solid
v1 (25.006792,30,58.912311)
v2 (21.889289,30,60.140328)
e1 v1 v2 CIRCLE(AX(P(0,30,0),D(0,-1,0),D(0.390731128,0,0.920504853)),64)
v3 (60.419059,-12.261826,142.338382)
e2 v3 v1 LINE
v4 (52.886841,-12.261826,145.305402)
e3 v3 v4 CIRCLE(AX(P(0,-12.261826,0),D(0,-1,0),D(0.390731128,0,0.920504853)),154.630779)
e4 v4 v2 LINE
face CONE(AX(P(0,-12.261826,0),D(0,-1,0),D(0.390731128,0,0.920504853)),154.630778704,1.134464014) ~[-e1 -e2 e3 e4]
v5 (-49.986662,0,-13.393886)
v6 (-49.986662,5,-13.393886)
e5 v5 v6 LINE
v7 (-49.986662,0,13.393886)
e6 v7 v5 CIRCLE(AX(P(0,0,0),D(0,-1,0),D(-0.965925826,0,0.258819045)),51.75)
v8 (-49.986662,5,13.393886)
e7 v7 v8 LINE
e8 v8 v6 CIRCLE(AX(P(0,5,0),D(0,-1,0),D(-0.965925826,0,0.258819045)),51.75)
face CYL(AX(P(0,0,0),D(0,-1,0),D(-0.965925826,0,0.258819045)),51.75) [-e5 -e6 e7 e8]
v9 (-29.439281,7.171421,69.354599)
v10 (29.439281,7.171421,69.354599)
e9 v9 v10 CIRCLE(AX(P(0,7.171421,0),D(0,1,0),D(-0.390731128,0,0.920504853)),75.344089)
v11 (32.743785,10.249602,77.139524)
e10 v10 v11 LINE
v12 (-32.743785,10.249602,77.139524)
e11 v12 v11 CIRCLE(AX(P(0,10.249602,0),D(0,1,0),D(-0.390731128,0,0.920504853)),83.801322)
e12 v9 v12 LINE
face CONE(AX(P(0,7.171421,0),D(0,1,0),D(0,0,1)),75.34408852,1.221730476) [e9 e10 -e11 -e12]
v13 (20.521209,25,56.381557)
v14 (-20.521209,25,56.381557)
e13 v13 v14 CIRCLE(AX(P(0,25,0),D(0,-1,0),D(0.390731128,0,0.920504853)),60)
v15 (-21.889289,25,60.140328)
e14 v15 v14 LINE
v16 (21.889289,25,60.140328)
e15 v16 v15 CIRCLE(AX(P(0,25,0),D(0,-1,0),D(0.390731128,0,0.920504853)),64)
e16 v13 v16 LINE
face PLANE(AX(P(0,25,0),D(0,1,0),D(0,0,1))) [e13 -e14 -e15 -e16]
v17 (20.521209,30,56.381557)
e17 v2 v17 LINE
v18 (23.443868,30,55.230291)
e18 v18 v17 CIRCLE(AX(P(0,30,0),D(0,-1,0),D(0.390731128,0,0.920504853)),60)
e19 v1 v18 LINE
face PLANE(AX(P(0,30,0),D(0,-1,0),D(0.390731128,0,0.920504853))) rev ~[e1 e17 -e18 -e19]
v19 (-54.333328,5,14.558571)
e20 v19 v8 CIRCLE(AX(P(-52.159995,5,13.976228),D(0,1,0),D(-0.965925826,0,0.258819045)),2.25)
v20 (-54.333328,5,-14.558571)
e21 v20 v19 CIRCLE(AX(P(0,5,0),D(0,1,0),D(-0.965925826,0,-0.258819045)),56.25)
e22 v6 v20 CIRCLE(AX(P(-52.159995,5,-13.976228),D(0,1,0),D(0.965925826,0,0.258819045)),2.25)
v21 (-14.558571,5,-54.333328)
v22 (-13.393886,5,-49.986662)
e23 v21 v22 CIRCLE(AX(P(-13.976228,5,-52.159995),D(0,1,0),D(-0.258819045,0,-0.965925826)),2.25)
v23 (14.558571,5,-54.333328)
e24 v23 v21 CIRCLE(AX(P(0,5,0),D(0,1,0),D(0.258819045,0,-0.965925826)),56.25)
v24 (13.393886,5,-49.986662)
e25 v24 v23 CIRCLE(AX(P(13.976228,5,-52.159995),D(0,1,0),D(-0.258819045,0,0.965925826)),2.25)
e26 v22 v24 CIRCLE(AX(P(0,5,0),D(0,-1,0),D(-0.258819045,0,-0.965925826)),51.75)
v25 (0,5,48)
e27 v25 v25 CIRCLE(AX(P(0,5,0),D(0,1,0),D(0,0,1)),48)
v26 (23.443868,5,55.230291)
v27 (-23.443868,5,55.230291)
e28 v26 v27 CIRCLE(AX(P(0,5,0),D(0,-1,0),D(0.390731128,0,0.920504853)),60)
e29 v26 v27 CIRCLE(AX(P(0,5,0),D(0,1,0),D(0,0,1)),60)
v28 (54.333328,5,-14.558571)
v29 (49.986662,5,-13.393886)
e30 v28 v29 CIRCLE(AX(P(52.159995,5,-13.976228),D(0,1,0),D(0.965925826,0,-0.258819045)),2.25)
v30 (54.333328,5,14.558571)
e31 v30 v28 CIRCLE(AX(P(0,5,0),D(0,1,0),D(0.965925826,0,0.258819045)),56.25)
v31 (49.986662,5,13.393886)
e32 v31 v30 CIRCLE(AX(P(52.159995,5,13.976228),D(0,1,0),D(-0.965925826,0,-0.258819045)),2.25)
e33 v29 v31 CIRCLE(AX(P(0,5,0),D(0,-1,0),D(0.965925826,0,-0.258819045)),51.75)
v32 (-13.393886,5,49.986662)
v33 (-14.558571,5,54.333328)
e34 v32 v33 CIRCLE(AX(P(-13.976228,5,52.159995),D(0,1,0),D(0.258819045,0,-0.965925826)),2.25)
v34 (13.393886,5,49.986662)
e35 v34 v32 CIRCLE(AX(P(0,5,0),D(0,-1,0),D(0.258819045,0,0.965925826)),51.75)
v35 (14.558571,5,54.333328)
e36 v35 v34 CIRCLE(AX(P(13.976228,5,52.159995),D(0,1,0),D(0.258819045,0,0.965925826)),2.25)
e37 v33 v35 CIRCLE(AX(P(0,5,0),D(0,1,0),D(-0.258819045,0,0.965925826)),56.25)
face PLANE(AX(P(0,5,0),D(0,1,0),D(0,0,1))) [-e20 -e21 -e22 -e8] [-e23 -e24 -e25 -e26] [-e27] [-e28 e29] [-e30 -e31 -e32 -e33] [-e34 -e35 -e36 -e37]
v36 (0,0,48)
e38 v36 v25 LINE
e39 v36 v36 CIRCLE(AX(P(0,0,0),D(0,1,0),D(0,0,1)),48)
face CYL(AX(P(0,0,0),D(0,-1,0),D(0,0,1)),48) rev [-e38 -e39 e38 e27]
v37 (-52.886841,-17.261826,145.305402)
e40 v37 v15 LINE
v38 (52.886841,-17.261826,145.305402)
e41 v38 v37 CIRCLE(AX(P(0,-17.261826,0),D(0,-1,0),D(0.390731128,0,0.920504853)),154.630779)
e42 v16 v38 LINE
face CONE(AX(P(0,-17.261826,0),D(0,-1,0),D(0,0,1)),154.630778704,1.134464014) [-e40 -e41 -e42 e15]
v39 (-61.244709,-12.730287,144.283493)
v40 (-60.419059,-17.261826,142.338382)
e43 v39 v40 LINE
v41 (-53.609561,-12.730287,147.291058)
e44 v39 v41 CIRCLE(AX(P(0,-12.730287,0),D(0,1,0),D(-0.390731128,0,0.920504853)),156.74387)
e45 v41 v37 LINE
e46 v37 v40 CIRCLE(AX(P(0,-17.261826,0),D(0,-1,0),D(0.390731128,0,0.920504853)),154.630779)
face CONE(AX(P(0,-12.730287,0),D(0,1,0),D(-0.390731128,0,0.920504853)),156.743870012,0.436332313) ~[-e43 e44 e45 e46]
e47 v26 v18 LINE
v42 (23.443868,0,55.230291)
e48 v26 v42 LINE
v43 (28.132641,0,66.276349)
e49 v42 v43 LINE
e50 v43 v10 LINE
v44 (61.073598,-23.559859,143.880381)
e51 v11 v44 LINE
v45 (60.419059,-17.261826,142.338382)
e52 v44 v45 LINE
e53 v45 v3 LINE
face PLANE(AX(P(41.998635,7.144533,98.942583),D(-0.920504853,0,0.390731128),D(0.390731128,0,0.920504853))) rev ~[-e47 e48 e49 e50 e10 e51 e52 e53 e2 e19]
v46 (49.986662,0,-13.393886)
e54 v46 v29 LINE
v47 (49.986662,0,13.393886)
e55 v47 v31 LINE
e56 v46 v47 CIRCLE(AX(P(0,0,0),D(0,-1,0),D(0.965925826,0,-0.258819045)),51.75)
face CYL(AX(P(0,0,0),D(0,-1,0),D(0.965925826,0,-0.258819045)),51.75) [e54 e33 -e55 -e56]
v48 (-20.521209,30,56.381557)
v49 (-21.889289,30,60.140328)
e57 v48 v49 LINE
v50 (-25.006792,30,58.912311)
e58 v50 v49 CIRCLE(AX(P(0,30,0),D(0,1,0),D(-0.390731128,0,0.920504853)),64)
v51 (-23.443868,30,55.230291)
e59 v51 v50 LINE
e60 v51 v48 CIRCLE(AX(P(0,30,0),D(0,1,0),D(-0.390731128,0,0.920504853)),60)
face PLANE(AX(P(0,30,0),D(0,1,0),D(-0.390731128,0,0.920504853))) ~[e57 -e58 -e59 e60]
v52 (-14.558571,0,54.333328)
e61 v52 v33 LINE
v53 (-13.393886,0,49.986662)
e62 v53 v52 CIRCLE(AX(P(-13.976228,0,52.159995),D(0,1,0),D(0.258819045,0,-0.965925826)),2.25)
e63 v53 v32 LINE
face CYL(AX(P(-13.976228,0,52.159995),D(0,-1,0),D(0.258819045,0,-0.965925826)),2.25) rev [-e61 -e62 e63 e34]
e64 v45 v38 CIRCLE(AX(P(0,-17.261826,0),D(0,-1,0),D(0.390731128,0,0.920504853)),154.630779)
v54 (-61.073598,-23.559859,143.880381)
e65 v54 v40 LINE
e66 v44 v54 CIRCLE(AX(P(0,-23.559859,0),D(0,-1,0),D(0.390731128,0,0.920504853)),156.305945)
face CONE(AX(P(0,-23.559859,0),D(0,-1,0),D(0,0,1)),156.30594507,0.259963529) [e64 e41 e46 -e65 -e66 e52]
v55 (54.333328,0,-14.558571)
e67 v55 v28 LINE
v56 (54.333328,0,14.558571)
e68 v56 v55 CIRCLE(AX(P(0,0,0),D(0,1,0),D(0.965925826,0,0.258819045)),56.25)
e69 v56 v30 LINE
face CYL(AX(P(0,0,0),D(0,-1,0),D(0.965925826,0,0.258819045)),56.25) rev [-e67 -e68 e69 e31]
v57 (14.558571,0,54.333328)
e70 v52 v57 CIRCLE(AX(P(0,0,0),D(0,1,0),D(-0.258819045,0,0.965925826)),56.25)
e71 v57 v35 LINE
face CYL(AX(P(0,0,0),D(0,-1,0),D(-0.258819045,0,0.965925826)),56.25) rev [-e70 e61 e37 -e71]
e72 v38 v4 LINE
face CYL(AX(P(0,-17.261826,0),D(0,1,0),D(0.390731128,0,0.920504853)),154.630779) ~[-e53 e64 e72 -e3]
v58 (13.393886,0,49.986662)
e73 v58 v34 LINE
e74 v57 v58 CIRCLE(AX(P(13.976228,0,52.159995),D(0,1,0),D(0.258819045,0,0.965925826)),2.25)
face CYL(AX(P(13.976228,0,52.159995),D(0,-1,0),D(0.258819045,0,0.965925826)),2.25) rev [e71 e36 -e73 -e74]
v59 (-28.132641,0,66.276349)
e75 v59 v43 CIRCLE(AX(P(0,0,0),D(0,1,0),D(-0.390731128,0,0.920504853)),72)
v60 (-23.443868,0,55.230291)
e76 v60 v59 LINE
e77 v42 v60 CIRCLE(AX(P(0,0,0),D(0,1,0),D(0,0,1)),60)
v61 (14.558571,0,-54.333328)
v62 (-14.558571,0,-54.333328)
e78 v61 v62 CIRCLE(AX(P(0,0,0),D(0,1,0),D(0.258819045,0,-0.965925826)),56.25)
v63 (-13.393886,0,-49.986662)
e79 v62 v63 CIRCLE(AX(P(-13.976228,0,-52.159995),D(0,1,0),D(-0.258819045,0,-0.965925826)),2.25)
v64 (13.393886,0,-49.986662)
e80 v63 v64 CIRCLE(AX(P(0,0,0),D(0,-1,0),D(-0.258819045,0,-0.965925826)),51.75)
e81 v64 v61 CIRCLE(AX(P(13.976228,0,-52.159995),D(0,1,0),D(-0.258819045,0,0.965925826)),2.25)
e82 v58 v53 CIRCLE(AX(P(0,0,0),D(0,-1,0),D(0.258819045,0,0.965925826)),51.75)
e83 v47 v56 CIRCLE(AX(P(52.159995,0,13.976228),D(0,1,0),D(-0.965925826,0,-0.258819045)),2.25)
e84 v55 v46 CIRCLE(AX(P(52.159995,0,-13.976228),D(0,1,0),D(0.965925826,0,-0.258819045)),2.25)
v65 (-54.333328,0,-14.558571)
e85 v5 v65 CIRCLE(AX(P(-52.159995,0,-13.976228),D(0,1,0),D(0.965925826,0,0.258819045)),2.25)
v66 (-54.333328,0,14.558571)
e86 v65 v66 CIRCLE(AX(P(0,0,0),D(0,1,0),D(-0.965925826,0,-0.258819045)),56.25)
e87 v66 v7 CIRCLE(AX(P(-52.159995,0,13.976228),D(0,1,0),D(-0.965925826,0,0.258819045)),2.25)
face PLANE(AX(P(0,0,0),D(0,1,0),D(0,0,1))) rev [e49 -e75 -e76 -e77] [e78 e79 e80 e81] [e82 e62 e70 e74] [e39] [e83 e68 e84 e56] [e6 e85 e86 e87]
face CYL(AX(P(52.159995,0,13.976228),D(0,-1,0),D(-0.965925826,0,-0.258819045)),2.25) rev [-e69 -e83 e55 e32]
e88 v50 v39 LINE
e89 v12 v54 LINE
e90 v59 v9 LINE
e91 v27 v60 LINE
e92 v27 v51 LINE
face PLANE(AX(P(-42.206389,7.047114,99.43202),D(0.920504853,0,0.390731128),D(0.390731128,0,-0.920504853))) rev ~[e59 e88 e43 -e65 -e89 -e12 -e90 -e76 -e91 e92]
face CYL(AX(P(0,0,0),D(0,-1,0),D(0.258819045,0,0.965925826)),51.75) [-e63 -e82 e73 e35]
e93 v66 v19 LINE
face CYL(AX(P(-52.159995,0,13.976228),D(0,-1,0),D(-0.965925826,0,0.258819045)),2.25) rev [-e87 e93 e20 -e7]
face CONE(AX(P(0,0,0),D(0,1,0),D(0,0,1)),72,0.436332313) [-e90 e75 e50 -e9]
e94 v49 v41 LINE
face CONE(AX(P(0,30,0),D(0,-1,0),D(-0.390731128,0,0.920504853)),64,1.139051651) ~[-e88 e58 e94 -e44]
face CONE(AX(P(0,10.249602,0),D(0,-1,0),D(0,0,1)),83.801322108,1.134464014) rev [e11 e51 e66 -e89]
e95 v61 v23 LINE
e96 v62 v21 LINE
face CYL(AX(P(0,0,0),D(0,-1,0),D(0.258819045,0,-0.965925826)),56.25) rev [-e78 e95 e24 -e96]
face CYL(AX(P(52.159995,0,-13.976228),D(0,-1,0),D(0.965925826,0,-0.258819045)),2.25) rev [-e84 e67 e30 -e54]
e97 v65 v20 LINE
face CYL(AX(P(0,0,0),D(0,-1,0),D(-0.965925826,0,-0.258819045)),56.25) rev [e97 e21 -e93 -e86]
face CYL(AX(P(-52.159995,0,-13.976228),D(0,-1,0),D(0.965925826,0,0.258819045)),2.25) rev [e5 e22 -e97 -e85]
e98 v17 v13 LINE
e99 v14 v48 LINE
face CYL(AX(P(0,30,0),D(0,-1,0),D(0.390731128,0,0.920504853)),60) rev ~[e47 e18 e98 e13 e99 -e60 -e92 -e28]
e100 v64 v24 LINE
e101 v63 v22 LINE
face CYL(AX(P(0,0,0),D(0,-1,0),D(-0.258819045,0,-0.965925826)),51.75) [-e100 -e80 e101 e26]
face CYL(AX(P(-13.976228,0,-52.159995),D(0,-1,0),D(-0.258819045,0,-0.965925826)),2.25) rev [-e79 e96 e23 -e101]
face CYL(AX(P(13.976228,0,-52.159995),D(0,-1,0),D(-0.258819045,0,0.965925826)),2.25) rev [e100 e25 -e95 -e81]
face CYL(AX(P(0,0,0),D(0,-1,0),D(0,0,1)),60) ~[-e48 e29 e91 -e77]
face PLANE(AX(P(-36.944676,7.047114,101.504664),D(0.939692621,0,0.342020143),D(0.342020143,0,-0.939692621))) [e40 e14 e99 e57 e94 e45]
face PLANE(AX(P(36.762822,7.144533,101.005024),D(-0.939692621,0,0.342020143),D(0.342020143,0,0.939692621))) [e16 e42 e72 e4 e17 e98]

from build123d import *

# Parameters (mm, degrees)
SCHIZZO1_R                   = 60
SCHIZZO1_R_2                 = 48
ESTRUSIONE_ESTRUSIONE1_DEPTH = 5
RIVOLUZIONE1_ANGLE           = 23
RIVOLUZIONE1_OTHER_WAY_ANGLE = 23
RIVOLUZIONE2_ANGLE           = 3
RIVOLUZIONE3_ANGLE           = 3


with BuildPart() as part:
    # Schizzo1 → Estrusione-Estrusione1 (new body)
    with BuildSketch(Plane(origin=(0, 0, 0), x_dir=(1, 0, 0), z_dir=(0, 1, 0))):
        with Locations(Location((0, 0, 0), (0, 0, 270))):
            Circle(SCHIZZO1_R)
        with Locations(Location((0, 0, 0), (0, 0, 270))):
            Circle(SCHIZZO1_R_2, mode=Mode.SUBTRACT)
        with BuildLine():
            ThreePointArc((-14.558571287, -54.333327729), (0, -56.25), (14.558571287, -54.333327729))
            ThreePointArc((14.558571287, -54.333327729), (16.149561545, -51.577651768), (13.393885584, -49.98666151))
            ThreePointArc((13.393885584, -49.98666151), (0, -51.75), (-13.393885584, -49.98666151))
            ThreePointArc((-13.393885584, -49.98666151), (-16.149561545, -51.577651768), (-14.558571287, -54.333327729))
        make_face(mode=Mode.SUBTRACT)
        with BuildLine():
            ThreePointArc((13.393885584, 49.98666151), (16.149561545, 51.577651768), (14.558571287, 54.333327729))
            ThreePointArc((14.558571287, 54.333327729), (0, 56.25), (-14.558571287, 54.333327729))
            ThreePointArc((-14.558571287, 54.333327729), (-16.149561545, 51.577651768), (-13.393885584, 49.98666151))
            ThreePointArc((-13.393885584, 49.98666151), (0, 51.75), (13.393885584, 49.98666151))
        make_face(mode=Mode.SUBTRACT)
        with BuildLine():
            ThreePointArc((49.98666151, -13.393885584), (51.577651768, -16.149561545), (54.333327729, -14.558571287))
            ThreePointArc((54.333327729, -14.558571287), (56.25, 0), (54.333327729, 14.558571287))
            ThreePointArc((54.333327729, 14.558571287), (51.577651768, 16.149561545), (49.98666151, 13.393885584))
            ThreePointArc((49.98666151, 13.393885584), (51.75, 0), (49.98666151, -13.393885584))
        make_face(mode=Mode.SUBTRACT)
        with BuildLine():
            ThreePointArc((-49.98666151, 13.393885584), (-51.577651768, 16.149561545), (-54.333327729, 14.558571287))
            ThreePointArc((-54.333327729, 14.558571287), (-56.25, 0), (-54.333327729, -14.558571287))
            ThreePointArc((-54.333327729, -14.558571287), (-51.577651768, -16.149561545), (-49.98666151, -13.393885584))
            ThreePointArc((-49.98666151, -13.393885584), (-51.75, 0), (-49.98666151, 13.393885584))
        make_face(mode=Mode.SUBTRACT)
    extrude(amount=ESTRUSIONE_ESTRUSIONE1_DEPTH)

    # Schizzo2 → Rivoluzione1 (revolve)
    with BuildSketch(Plane.ZY):
        Polygon((83.801322108, 10.249602265), (156.30594507, -23.559858674), (154.630778704, -17.261826174), (64, 25), (60, 25), (60, 0), (72, 0), (75.34408852, 7.171420975), align=None)
    revolve(axis=Axis((0, 115.29923816, 0), (0, -1, 0)), revolution_arc=RIVOLUZIONE1_ANGLE)

    # Schizzo2 → Rivoluzione1 other way (revolve)
    with BuildSketch(Plane.ZY):
        Polygon((83.801322108, 10.249602265), (156.30594507, -23.559858674), (154.630778704, -17.261826174), (64, 25), (60, 25), (60, 0), (72, 0), (75.34408852, 7.171420975), align=None)
    revolve(axis=Axis((0, 115.29923816, 0), (0, 1, 0)), revolution_arc=RIVOLUZIONE1_OTHER_WAY_ANGLE)

    # Schizzo3 → Rivoluzione2 (revolve)
    with BuildSketch(Plane(origin=(0, 0, 0), x_dir=(-0.39073112848927466, 0, 0.92050485345244), z_dir=(-0.92050485345244, 0, -0.39073112848927466))):
        Polygon((60, 25), (60, 30), (64, 30), (156.743870012, -12.730287239), (154.630778704, -17.261826174), (64, 25), align=None)
    revolve(axis=Axis((0, 115.29923816, 0), (0, 1, 0)), revolution_arc=RIVOLUZIONE2_ANGLE)

    # Schizzo4 → Rivoluzione3 (revolve)
    with BuildSketch(Plane(origin=(0, 0, 0), x_dir=(-0.39073112848927455, 0, -0.92050485345244), z_dir=(0.92050485345244, 0, -0.39073112848927455))):
        Polygon((-60, 25), (-64, 25), (-154.630778704, -17.261826174), (-154.630778704, -12.261826174), (-64, 30), (-60, 30), align=None)
    revolve(axis=Axis((0, 115.29923816, 0), (0, -1, 0)), revolution_arc=RIVOLUZIONE3_ANGLE)


solid = part.part
